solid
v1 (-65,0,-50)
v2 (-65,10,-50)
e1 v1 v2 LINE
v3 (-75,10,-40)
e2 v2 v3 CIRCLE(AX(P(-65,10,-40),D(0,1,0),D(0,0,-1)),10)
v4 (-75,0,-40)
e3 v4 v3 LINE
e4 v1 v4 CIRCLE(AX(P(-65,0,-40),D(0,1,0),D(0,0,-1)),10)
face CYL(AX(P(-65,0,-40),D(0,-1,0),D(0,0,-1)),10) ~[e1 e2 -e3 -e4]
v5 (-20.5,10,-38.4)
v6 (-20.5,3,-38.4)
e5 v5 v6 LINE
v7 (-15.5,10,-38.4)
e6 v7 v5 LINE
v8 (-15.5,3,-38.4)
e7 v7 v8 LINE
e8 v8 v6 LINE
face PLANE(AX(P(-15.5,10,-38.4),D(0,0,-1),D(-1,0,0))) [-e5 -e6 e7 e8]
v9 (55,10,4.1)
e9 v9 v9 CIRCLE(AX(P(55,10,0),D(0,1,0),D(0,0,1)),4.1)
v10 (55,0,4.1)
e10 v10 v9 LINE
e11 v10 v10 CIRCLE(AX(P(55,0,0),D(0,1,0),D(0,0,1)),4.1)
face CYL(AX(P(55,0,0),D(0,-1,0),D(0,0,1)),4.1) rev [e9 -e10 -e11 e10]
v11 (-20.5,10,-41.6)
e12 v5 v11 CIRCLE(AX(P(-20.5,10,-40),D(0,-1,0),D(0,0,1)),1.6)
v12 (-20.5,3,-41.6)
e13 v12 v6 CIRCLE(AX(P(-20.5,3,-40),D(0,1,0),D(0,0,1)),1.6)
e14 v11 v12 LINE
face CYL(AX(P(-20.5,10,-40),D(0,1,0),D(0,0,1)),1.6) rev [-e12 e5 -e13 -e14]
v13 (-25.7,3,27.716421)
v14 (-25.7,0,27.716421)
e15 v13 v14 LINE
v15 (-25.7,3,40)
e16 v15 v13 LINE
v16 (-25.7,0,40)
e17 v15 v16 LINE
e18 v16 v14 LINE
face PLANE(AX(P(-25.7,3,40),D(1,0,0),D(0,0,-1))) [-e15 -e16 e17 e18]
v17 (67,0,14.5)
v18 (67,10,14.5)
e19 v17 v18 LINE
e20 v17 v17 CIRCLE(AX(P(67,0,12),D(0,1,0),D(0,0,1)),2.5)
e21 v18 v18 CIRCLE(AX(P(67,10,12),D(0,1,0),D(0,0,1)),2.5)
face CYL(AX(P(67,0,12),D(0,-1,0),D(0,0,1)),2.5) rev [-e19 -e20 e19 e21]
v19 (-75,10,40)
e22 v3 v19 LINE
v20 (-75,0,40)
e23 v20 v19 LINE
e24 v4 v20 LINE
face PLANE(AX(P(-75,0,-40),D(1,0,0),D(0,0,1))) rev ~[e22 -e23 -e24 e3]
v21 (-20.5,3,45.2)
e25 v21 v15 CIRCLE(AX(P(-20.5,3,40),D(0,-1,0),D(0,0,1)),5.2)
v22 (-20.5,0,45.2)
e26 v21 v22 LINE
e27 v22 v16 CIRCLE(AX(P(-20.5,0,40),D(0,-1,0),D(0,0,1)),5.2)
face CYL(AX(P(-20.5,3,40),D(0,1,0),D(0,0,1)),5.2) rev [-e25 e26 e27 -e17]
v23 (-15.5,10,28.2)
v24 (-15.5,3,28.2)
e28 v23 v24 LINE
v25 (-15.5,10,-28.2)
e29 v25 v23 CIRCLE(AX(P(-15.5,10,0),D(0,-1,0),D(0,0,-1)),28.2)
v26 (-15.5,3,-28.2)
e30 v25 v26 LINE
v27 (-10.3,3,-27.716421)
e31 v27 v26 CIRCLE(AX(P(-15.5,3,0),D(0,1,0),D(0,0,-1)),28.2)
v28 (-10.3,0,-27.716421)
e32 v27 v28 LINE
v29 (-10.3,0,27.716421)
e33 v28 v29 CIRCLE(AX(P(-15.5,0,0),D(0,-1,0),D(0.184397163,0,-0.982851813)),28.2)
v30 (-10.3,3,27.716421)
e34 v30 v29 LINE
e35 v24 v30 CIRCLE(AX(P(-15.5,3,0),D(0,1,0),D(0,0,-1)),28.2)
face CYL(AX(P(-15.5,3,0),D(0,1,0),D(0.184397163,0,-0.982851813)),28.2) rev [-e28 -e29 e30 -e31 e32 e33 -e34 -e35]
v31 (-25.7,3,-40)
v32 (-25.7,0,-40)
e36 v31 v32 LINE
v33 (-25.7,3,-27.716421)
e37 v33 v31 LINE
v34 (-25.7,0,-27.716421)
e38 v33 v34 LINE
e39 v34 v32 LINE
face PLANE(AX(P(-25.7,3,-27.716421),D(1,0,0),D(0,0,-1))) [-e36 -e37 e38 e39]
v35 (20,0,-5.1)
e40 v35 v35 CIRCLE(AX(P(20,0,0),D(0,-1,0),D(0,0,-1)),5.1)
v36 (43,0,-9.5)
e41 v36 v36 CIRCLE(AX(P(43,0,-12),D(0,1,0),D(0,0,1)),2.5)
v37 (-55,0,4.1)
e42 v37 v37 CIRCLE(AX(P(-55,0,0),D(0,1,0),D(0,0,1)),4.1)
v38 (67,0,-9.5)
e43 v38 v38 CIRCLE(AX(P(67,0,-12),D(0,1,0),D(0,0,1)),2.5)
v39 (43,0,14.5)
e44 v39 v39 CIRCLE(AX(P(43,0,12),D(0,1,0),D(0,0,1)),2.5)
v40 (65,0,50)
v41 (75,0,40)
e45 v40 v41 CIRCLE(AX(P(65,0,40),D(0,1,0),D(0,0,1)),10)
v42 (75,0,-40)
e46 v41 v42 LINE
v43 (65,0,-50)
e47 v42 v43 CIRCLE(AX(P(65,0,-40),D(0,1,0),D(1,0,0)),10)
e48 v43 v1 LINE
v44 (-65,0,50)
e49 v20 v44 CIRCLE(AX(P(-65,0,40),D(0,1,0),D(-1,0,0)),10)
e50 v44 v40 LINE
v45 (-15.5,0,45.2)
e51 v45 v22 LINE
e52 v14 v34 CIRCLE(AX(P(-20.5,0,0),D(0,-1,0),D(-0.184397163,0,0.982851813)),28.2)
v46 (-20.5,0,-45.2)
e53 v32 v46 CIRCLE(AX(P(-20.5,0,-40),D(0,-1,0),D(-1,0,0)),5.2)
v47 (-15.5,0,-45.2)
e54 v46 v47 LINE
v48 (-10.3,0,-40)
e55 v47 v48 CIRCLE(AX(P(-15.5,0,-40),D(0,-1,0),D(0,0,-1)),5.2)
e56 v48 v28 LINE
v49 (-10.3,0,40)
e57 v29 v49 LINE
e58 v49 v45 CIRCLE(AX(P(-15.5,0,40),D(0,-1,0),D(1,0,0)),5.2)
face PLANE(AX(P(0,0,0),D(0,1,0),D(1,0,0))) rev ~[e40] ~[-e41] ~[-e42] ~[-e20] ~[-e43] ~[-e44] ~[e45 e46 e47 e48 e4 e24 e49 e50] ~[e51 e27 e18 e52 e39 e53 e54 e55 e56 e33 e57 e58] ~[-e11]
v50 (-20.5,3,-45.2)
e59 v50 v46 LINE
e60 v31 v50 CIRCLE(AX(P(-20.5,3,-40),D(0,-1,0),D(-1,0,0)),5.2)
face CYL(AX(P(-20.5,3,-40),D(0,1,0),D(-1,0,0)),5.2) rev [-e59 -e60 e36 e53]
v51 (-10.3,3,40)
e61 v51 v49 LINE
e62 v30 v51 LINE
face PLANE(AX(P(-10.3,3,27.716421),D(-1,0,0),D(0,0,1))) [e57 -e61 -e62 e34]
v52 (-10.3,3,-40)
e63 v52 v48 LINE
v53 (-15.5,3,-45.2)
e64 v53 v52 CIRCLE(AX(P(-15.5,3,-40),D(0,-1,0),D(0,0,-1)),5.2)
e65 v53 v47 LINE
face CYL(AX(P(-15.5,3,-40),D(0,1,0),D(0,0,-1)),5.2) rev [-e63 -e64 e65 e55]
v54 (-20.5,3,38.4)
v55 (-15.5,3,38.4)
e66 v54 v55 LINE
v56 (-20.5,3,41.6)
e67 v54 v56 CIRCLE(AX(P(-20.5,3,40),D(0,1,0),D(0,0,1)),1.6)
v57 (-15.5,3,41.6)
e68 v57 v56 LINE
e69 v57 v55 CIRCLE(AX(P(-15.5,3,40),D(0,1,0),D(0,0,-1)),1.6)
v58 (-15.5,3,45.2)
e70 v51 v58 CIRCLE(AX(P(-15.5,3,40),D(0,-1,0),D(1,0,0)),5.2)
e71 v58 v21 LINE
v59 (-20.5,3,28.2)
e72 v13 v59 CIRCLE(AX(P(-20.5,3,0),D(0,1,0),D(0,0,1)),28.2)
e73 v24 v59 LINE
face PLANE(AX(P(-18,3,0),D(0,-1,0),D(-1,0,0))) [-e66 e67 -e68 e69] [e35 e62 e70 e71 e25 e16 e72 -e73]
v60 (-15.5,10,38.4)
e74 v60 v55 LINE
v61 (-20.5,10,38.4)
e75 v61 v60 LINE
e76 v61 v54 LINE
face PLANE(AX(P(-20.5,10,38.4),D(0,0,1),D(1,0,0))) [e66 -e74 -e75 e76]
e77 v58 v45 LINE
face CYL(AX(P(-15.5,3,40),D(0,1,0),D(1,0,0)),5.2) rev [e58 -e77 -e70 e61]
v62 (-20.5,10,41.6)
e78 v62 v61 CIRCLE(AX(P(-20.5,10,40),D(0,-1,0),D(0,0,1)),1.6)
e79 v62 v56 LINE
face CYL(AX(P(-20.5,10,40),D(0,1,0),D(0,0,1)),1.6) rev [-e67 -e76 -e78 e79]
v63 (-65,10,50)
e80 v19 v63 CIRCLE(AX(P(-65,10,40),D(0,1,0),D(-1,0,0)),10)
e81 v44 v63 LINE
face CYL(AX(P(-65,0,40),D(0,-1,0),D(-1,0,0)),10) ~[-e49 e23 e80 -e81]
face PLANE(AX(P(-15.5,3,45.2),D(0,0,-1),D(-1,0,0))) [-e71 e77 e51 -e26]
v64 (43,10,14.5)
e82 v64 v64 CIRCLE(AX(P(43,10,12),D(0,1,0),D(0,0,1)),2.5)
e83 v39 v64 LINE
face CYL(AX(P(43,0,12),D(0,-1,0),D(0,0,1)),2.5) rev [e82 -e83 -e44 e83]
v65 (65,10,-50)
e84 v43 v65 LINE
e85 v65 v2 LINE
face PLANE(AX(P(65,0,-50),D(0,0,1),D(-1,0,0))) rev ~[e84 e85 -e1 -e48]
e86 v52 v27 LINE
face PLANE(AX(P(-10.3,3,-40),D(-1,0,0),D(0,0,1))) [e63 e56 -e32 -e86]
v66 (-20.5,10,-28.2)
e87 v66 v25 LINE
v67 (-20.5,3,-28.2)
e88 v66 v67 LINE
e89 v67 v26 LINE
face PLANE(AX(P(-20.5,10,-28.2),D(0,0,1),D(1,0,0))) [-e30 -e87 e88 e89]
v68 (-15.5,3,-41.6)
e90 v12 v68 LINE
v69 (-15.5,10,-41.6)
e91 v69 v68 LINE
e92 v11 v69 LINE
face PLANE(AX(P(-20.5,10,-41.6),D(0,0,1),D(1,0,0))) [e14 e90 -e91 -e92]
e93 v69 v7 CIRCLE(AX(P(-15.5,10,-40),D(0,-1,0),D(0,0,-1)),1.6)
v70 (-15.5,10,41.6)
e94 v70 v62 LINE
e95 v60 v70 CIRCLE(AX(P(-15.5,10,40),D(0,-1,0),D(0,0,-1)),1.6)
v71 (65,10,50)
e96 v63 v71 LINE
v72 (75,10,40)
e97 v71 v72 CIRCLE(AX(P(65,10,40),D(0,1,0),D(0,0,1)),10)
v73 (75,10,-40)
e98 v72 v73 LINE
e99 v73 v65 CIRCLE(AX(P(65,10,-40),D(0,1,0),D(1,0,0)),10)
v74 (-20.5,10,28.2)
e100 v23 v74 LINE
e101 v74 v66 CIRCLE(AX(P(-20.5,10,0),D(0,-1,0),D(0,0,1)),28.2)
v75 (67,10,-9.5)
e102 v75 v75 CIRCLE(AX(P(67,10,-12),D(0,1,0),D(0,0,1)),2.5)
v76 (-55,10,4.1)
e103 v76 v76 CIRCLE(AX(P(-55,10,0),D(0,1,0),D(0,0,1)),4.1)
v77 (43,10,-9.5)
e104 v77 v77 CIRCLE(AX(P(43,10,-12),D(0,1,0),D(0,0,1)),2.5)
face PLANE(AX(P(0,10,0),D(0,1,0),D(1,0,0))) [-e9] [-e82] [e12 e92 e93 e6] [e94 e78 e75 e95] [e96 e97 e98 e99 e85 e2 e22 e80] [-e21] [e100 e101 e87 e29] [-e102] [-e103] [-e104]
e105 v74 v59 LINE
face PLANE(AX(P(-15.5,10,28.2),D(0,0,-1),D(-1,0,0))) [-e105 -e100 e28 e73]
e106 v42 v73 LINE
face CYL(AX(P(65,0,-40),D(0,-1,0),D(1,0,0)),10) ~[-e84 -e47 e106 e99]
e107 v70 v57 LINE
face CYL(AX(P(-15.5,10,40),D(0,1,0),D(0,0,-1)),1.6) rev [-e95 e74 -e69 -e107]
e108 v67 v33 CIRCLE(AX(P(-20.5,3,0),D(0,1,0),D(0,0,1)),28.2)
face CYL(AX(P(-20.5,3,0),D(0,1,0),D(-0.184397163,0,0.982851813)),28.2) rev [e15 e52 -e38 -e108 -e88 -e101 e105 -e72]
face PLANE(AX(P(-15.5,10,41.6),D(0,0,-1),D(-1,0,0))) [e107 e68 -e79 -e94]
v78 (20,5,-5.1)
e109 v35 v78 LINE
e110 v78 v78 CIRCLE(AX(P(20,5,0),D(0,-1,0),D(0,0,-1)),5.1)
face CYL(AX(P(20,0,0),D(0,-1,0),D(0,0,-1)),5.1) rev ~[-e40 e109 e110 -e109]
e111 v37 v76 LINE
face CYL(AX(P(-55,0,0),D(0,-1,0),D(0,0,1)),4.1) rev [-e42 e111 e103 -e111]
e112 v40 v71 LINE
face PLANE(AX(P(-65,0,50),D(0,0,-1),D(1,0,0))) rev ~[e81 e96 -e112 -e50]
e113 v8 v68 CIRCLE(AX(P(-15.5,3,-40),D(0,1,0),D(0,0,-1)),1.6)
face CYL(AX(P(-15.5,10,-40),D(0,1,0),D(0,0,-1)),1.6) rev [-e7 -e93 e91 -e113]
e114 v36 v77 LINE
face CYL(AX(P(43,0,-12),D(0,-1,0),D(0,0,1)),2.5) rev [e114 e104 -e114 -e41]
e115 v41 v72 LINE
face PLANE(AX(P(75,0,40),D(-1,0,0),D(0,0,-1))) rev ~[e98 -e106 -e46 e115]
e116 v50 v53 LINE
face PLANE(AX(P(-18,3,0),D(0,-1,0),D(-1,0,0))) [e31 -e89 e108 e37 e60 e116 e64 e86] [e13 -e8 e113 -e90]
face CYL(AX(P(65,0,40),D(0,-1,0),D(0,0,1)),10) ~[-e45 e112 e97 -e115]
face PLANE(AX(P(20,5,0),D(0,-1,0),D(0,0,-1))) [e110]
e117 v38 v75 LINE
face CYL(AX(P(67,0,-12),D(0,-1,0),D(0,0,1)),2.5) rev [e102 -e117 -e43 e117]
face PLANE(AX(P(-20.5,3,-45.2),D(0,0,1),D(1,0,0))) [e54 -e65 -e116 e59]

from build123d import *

# Parameters (mm, degrees)
SKETCH_1_R          = 4.1
SKETCH_1_R_2        = 2.5
EXTRUDE_1_DEPTH     = 10
CUT_EXTRUDE_3_REACH = 92.692
CUT_EXTRUDE_START   = 3
CUT_EXTRUDE_4_DEPTH = 3
SKETCH_7_R          = 5.1
CUT_EXTRUDE_5_DEPTH = 5


with BuildPart() as part:
    # ｽｹｯﾁ1 → ﾎﾞｽ - 押し出し1 (new body)
    with BuildSketch(Plane(origin=(0, 0, 0), x_dir=(1, 0, 0), z_dir=(0, 1, 0))):
        with BuildLine():
            Line((-65, -50), (65, -50))
            ThreePointArc((65, -50), (72.071067812, -47.071067812), (75, -40))
            Line((75, -40), (75, 40))
            ThreePointArc((75, 40), (72.071067812, 47.071067812), (65, 50))
            Line((65, 50), (-65, 50))
            ThreePointArc((-65, 50), (-72.071067812, 47.071067812), (-75, 40))
            Line((-75, 40), (-75, -40))
            ThreePointArc((-75, -40), (-72.071067812, -47.071067812), (-65, -50))
        make_face()
        with Locations(Location((55, 0, 0), (0, 0, 270))):
            Circle(SKETCH_1_R, mode=Mode.SUBTRACT)
        with Locations(Location((43, 12, 0), (0, 0, 270))):
            Circle(SKETCH_1_R_2, mode=Mode.SUBTRACT)
        with Locations(Location((67, 12, 0), (0, 0, 270))):
            Circle(SKETCH_1_R_2, mode=Mode.SUBTRACT)
        with Locations(Location((67, -12, 0), (0, 0, 270))):
            Circle(SKETCH_1_R_2, mode=Mode.SUBTRACT)
        with Locations(Location((43, -12, 0), (0, 0, 270))):
            Circle(SKETCH_1_R_2, mode=Mode.SUBTRACT)
        with Locations(Location((-55, 0, 0), (0, 0, 270))):
            Circle(SKETCH_1_R, mode=Mode.SUBTRACT)
    extrude(amount=EXTRUDE_1_DEPTH)

    # ｽｹｯﾁ5 → ｶｯﾄ - 押し出し3 (cut, up to next)
    with BuildSketch(Plane(origin=(0, 10, 0), x_dir=(1, 0, 0), z_dir=(0, 1, 0)), mode=Mode.PRIVATE) as cut_extrude_3_sk1:
        with BuildLine():
            Line((-20.5, 28.2), (-15.5, 28.2))
            ThreePointArc((-15.5, 28.2), (12.7, 0), (-15.5, -28.2))
            Line((-15.5, -28.2), (-20.5, -28.2))
            ThreePointArc((-20.5, -28.2), (-48.7, 0), (-20.5, 28.2))
        make_face()
    cut_extrude_3_tool1 = extrude(cut_extrude_3_sk1.sketch, amount=-CUT_EXTRUDE_3_REACH, mode=Mode.PRIVATE) & part.part
    # ｽｹｯﾁ5 → ｶｯﾄ - 押し出し3 (cut, up to next)
    with BuildSketch(Plane(origin=(0, 10, 0), x_dir=(1, 0, 0), z_dir=(0, 1, 0)), mode=Mode.PRIVATE) as cut_extrude_3_sk2:
        with BuildLine():
            Line((-20.5, 41.6), (-15.5, 41.6))
            ThreePointArc((-15.5, 41.6), (-13.9, 40), (-15.5, 38.4))
            Line((-15.5, 38.4), (-20.5, 38.4))
            ThreePointArc((-20.5, 38.4), (-22.1, 40), (-20.5, 41.6))
        make_face()
    cut_extrude_3_tool2 = extrude(cut_extrude_3_sk2.sketch, amount=-CUT_EXTRUDE_3_REACH, mode=Mode.PRIVATE) & part.part
    # ｽｹｯﾁ5 → ｶｯﾄ - 押し出し3 (cut, up to next)
    with BuildSketch(Plane(origin=(0, 10, 0), x_dir=(1, 0, 0), z_dir=(0, 1, 0)), mode=Mode.PRIVATE) as cut_extrude_3_sk3:
        with BuildLine():
            Line((-20.5, -38.4), (-15.5, -38.4))
            ThreePointArc((-15.5, -38.4), (-13.9, -40), (-15.5, -41.6))
            Line((-15.5, -41.6), (-20.5, -41.6))
            ThreePointArc((-20.5, -41.6), (-22.1, -40), (-20.5, -38.4))
        make_face()
    cut_extrude_3_tool3 = extrude(cut_extrude_3_sk3.sketch, amount=-CUT_EXTRUDE_3_REACH, mode=Mode.PRIVATE) & part.part
    add(cut_extrude_3_tool1.solids().sort_by_distance((-18, 10, 0))[0], mode=Mode.SUBTRACT)
    add(cut_extrude_3_tool2.solids().sort_by_distance((-18, 10, -40))[0], mode=Mode.SUBTRACT)
    add(cut_extrude_3_tool3.solids().sort_by_distance((-18, 10, 40))[0], mode=Mode.SUBTRACT)

    # ｽｹｯﾁ6 → ｶｯﾄ - 押し出し4 (cut)
    with BuildSketch(Plane(origin=(0, 0, 0), x_dir=(1, 0, 0), z_dir=(0, 1, 0)).offset(CUT_EXTRUDE_START)):
        with BuildLine():
            Line((-20.5, 45.2), (-15.5, 45.2))
            ThreePointArc((-15.5, 45.2), (-11.823044738, 43.676955262), (-10.3, 40))
            Line((-10.3, 40), (-10.3, 27.716421125))
            ThreePointArc((-10.3, 27.716421125), (12.7, 0), (-10.3, -27.716421125))
            Line((-10.3, -27.716421125), (-10.3, -40))
            ThreePointArc((-10.3, -40), (-11.823044738, -43.676955262), (-15.5, -45.2))
            Line((-15.5, -45.2), (-20.5, -45.2))
            ThreePointArc((-20.5, -45.2), (-24.176955262, -43.676955262), (-25.7, -40))
            Line((-25.7, -40), (-25.7, -27.716421125))
            ThreePointArc((-25.7, -27.716421125), (-48.7, 0), (-25.7, 27.716421125))
            Line((-25.7, 27.716421125), (-25.7, 40))
            ThreePointArc((-25.7, 40), (-24.176955262, 43.676955262), (-20.5, 45.2))
        make_face()
    extrude(amount=-CUT_EXTRUDE_4_DEPTH, mode=Mode.SUBTRACT)

    # ｽｹｯﾁ7 → ｶｯﾄ - 押し出し5 (cut)
    with BuildSketch(Plane.XZ):
        with Locations(Location((20, 0, 0), (0, 0, 270))):
            Circle(SKETCH_7_R)
    extrude(amount=-CUT_EXTRUDE_5_DEPTH, mode=Mode.SUBTRACT)


solid = part.part
